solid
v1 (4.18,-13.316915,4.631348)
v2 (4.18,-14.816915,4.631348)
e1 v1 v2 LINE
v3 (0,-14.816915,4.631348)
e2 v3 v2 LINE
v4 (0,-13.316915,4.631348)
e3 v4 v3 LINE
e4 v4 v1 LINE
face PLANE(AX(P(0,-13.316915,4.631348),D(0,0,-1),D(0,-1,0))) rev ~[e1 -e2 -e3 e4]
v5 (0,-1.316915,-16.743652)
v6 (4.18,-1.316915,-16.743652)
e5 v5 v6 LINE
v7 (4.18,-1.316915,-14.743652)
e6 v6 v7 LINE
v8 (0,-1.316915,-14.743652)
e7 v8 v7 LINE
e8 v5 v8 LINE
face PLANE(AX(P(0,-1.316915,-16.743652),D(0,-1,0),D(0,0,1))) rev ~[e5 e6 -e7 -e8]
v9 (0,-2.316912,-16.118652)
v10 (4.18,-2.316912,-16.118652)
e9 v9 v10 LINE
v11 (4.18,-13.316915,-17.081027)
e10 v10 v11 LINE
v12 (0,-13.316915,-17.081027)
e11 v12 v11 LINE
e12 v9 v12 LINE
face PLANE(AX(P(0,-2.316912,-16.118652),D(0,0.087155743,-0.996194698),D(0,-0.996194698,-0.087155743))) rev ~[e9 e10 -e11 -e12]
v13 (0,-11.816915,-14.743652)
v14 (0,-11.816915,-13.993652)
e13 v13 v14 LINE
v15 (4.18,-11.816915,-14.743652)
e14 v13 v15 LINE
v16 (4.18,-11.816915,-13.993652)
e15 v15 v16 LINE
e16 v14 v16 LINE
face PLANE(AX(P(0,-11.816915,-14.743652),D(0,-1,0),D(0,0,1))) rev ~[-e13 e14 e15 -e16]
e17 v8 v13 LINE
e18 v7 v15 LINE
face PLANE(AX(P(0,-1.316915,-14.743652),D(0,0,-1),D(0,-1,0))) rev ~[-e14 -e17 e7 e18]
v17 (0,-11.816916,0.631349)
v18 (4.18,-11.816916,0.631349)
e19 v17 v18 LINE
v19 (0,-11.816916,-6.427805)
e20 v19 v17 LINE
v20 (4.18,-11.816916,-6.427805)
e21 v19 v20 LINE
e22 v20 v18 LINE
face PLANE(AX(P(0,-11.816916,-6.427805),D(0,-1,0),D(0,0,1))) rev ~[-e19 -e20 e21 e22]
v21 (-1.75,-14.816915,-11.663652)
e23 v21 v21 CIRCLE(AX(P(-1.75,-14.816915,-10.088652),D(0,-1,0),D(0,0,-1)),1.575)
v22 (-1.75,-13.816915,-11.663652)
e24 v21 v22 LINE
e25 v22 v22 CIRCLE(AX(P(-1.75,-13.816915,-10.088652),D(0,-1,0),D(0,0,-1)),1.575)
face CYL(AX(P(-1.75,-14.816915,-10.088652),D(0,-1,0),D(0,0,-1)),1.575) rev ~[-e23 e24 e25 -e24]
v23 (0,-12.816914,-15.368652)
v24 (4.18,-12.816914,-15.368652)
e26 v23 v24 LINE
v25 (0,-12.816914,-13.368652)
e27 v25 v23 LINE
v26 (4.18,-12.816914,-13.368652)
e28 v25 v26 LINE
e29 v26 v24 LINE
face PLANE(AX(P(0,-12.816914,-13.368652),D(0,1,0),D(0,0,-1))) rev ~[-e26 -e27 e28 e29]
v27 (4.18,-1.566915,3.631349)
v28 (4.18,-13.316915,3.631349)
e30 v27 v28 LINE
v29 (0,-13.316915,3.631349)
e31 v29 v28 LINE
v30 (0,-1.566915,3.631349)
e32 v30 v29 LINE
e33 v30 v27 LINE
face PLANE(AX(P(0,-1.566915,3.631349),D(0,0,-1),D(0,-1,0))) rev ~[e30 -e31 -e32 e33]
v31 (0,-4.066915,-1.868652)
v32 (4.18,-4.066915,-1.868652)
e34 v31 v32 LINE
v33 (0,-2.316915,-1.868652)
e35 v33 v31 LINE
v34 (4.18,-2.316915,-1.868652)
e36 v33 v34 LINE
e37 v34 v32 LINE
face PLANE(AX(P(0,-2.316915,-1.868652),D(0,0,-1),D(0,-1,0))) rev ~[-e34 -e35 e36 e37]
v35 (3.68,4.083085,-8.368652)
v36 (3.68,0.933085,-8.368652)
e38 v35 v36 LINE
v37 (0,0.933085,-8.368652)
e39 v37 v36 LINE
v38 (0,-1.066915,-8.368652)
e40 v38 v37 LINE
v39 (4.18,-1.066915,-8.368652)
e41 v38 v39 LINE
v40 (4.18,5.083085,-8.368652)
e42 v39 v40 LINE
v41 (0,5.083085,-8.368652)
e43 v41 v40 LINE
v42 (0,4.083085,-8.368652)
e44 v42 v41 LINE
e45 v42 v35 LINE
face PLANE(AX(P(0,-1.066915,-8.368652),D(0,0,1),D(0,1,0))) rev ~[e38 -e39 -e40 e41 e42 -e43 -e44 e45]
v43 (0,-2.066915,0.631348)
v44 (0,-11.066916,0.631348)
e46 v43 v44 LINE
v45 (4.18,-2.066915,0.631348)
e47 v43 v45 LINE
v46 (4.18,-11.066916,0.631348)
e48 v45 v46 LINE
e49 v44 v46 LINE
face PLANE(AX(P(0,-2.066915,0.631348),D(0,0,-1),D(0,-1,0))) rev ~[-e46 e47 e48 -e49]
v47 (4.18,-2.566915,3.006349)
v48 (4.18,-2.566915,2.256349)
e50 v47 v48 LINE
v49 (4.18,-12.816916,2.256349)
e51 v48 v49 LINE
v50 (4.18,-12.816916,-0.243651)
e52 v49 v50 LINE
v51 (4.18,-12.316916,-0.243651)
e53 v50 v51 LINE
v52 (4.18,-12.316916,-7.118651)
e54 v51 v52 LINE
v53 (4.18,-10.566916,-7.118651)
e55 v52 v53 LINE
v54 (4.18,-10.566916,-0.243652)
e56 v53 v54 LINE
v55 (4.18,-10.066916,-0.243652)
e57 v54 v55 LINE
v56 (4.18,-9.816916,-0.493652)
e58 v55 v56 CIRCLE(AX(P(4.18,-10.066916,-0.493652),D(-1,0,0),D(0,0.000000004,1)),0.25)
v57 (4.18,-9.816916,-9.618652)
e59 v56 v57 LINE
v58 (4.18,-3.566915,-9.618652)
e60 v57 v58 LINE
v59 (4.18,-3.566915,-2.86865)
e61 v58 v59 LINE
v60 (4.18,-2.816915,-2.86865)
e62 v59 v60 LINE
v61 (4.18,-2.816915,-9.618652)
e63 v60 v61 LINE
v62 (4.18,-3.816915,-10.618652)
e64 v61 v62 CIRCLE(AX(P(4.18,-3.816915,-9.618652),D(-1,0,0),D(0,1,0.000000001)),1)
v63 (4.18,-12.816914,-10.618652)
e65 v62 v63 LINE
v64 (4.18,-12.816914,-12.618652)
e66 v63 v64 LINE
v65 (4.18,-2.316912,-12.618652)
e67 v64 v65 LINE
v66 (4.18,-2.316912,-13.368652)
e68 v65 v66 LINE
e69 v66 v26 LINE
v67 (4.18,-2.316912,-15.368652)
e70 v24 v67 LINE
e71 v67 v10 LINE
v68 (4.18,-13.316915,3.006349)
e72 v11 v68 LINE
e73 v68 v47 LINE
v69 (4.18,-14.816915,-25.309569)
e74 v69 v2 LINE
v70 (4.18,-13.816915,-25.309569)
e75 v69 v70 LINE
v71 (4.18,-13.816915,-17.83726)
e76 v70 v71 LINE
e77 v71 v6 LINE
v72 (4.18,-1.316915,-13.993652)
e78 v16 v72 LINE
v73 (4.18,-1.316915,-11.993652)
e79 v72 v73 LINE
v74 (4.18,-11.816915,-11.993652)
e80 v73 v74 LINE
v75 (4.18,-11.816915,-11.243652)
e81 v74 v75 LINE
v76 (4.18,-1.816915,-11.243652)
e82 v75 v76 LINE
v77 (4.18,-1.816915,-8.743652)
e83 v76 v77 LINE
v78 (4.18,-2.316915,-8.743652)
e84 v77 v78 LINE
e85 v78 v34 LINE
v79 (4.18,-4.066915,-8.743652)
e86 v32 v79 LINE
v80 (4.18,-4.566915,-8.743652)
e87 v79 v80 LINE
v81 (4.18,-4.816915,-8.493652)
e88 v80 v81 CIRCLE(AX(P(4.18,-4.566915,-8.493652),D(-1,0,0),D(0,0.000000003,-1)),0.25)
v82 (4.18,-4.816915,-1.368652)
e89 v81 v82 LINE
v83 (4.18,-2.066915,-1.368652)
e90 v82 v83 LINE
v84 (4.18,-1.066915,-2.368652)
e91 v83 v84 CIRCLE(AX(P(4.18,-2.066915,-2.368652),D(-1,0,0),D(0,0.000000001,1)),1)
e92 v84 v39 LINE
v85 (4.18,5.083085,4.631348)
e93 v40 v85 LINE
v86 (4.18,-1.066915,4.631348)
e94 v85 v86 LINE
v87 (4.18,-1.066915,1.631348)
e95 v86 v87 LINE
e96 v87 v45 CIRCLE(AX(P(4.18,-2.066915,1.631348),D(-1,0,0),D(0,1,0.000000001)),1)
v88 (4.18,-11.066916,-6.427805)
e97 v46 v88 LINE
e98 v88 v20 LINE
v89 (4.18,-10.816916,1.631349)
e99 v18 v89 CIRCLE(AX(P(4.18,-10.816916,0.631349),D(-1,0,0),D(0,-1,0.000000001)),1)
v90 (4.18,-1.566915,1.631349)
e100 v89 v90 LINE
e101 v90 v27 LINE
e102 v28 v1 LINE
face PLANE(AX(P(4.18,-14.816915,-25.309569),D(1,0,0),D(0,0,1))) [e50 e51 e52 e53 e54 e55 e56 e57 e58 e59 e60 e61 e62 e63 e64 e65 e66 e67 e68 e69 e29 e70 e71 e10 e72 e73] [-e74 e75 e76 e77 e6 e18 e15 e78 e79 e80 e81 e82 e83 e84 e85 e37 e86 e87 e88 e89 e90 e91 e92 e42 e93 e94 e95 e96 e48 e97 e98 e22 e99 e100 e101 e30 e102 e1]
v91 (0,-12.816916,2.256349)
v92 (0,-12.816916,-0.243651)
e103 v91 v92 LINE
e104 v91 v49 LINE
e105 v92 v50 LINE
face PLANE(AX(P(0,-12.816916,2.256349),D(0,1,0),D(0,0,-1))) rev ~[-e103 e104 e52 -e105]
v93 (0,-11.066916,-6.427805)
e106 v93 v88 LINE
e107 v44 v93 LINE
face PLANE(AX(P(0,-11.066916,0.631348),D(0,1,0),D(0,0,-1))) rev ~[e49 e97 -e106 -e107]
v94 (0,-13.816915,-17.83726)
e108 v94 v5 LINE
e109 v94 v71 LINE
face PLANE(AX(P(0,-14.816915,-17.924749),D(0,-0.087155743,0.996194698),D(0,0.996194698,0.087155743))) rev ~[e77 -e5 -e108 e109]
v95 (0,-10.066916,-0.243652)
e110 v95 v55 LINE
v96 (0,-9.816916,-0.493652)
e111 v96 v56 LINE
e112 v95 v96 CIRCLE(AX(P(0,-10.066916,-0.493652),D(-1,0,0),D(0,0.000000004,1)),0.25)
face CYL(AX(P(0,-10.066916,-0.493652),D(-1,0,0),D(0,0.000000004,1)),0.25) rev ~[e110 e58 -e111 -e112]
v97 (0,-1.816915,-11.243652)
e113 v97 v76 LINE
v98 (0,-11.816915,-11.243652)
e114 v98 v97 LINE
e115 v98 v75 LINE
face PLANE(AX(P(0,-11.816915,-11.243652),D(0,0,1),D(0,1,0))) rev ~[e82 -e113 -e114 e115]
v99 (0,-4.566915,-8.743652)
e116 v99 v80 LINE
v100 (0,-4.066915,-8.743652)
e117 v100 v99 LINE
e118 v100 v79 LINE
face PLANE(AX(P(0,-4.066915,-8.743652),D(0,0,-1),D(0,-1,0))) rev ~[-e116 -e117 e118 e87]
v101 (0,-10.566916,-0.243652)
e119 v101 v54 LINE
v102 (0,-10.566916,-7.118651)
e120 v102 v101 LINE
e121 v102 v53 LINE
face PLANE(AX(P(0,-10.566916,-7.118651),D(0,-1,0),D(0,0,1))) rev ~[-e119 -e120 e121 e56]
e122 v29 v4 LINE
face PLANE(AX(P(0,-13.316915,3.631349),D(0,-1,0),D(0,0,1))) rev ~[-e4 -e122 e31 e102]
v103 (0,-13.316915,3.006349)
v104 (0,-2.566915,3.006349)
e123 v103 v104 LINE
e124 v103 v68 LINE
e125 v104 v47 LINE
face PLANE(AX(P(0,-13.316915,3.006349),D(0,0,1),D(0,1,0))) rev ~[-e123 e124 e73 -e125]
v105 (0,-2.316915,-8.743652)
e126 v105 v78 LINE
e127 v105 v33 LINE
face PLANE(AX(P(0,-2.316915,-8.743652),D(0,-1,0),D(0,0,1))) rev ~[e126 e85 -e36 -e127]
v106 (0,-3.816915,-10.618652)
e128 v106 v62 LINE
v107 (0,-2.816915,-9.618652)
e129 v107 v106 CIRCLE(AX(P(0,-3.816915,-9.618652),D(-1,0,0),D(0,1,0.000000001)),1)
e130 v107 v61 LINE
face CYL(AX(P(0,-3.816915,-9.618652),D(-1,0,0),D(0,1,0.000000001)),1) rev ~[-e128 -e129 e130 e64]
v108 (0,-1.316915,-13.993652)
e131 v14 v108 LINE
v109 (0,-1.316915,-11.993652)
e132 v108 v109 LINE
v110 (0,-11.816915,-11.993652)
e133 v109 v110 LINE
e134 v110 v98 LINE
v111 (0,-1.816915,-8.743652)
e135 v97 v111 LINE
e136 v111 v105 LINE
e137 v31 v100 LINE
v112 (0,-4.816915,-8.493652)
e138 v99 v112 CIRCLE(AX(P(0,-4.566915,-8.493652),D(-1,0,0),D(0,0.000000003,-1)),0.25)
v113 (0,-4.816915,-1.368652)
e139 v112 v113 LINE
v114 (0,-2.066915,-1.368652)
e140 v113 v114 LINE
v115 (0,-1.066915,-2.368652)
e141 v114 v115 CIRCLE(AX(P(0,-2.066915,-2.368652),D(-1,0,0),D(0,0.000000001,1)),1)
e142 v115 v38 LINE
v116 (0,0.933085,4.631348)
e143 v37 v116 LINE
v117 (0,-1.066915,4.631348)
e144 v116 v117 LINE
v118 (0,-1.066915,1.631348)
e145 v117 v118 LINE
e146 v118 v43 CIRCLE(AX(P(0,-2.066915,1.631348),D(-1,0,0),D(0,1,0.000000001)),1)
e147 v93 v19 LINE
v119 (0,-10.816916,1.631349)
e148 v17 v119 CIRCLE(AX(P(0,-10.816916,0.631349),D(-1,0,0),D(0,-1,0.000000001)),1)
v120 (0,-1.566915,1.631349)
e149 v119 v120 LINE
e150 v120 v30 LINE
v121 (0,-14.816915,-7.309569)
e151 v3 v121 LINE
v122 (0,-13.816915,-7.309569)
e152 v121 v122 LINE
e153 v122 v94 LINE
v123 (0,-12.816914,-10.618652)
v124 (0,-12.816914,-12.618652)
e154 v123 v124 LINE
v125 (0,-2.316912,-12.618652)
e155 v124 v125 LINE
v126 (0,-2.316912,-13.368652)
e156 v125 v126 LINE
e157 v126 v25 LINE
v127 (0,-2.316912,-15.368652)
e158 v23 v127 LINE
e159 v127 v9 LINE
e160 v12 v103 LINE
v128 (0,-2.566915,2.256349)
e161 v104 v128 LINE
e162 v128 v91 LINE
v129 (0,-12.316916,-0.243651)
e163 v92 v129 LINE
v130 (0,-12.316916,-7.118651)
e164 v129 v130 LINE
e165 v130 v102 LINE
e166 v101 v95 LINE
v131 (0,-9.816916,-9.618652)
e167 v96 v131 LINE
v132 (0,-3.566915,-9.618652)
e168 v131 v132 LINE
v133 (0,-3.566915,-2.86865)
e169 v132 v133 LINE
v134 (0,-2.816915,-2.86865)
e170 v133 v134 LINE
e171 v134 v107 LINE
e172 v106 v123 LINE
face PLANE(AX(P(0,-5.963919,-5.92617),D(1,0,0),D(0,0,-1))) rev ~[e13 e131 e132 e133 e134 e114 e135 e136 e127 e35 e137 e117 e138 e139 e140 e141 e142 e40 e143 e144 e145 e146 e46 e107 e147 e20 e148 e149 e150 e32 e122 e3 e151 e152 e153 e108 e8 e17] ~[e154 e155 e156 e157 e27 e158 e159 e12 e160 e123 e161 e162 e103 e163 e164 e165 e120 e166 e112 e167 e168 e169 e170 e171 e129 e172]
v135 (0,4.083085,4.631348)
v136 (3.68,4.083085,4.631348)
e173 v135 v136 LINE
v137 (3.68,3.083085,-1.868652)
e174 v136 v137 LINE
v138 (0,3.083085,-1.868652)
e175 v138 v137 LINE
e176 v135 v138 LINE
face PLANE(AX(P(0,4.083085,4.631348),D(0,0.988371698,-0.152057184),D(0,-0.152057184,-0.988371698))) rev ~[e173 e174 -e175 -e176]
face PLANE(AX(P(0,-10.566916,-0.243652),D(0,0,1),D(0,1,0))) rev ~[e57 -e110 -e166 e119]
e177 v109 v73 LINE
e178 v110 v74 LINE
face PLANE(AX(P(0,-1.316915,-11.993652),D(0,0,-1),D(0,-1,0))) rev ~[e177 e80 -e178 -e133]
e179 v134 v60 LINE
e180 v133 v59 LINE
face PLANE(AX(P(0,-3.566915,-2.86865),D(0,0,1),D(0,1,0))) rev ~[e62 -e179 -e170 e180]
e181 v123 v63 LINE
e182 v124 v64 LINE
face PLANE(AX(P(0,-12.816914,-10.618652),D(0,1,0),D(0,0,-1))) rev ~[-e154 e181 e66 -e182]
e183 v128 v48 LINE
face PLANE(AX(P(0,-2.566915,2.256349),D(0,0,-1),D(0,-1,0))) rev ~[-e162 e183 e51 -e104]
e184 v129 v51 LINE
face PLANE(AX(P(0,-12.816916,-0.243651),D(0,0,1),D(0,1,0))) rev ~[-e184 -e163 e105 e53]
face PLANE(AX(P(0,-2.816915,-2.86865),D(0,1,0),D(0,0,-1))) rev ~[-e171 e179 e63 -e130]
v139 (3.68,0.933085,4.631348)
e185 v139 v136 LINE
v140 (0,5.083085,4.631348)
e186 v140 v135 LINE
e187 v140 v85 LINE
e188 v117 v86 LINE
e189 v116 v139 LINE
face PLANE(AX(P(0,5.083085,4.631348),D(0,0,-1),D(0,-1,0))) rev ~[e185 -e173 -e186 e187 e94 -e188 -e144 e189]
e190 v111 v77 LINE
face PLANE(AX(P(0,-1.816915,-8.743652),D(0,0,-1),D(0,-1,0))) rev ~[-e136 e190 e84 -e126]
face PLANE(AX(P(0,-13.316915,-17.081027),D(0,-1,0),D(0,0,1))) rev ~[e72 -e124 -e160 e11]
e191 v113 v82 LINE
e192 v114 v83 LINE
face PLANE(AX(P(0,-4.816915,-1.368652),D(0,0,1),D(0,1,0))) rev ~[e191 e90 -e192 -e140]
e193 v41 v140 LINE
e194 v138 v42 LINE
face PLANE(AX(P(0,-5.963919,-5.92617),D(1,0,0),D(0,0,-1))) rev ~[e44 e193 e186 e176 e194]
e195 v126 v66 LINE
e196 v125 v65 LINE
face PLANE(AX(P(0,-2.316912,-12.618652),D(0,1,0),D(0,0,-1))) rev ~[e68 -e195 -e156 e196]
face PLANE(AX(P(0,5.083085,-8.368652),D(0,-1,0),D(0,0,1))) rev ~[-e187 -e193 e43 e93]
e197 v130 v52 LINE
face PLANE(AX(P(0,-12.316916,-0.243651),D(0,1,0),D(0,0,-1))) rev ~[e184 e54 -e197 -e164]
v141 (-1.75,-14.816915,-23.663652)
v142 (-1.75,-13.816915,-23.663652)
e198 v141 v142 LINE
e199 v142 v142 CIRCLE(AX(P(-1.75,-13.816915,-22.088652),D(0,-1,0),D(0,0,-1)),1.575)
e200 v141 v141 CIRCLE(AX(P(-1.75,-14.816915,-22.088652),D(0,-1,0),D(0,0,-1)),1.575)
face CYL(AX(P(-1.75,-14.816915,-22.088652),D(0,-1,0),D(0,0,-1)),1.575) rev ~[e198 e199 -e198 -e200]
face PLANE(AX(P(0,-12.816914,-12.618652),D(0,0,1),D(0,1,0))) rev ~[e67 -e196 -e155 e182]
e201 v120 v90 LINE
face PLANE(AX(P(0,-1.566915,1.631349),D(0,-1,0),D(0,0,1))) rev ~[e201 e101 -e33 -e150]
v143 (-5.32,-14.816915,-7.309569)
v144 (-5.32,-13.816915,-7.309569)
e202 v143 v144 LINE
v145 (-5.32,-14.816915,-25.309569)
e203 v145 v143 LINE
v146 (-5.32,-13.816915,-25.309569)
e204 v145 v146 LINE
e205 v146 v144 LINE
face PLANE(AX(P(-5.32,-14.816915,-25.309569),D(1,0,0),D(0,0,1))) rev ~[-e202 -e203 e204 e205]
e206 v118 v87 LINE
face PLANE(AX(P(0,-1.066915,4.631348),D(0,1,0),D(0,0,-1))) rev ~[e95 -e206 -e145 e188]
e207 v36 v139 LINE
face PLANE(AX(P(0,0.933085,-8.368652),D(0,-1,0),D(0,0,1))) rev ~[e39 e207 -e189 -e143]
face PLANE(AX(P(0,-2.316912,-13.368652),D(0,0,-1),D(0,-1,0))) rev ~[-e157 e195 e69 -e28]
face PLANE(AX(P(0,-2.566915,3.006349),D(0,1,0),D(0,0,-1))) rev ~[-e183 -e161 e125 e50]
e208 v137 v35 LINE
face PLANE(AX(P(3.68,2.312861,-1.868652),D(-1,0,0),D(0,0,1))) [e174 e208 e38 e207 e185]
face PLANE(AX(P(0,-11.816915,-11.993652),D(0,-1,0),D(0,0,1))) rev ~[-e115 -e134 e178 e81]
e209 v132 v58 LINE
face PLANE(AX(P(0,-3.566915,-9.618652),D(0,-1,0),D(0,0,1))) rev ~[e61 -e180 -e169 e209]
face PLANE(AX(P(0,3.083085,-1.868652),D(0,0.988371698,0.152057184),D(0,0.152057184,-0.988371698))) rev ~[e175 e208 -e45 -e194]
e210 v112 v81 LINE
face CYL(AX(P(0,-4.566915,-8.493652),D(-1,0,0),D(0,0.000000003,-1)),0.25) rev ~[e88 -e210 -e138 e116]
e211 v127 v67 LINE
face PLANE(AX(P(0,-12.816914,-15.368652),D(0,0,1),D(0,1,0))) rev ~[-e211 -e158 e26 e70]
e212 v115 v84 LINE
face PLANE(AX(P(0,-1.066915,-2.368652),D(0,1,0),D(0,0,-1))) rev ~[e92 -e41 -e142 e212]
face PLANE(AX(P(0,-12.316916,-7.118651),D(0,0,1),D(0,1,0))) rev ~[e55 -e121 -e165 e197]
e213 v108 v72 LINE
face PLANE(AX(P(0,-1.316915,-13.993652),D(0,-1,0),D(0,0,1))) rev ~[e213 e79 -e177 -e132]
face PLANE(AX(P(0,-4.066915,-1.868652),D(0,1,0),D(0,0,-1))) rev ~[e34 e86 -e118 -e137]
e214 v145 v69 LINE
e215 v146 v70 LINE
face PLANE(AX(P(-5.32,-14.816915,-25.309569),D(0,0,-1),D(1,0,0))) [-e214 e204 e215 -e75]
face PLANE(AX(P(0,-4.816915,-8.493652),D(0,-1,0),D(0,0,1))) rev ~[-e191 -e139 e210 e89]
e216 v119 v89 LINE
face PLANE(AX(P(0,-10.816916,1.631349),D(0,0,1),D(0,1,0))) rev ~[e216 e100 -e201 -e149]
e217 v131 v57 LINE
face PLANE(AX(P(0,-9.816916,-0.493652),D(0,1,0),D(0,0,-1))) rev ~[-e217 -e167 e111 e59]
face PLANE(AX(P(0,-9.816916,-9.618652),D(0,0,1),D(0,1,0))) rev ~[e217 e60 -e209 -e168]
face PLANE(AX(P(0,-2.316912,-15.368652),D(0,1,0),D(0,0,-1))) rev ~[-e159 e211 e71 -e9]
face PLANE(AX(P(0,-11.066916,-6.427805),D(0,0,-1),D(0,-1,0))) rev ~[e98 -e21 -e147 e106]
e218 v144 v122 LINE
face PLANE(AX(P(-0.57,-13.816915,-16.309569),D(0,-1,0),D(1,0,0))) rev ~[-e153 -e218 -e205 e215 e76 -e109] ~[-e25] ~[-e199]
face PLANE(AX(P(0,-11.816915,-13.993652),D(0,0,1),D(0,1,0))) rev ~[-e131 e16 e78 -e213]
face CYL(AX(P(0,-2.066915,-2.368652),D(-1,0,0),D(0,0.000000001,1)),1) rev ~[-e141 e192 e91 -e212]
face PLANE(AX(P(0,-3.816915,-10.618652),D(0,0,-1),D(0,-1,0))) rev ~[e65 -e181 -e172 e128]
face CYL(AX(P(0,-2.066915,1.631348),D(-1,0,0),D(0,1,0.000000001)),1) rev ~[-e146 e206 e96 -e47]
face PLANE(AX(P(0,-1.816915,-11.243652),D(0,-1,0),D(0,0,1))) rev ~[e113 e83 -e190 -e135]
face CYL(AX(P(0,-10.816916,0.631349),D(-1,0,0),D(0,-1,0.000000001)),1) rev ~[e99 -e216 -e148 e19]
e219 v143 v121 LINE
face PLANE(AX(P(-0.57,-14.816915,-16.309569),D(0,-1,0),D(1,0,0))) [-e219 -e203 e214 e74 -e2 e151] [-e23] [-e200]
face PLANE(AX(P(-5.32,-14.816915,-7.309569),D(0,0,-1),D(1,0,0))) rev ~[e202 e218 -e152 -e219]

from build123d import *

# Parameters (mm, degrees)
FLEXURE_BOSS_DEPTH            = 4.18
SKETCH2_W                     = 9.5
SKETCH2_H                     = 18
SKETCH2_R                     = 1.575
MOUNTING_PLATE_BOSS_DEPTH     = 1
DOVETAIL_CONNECTION_CUT_DEPTH = 3.68


with BuildPart() as part:
    # Sketch1 → Flexure Boss (new body)
    with BuildSketch(Plane(origin=(0, 0, 0), x_dir=(0, 0, -1), z_dir=(1, 0, 0))):
        with BuildLine():
            Line((2.368651747, -1.066915143), (8.368651984, -1.066915143))
            Line((8.368651984, -1.066915143), (8.368651984, 5.083084857))
            Line((8.368651984, 5.083084857), (-4.631348016, 5.083084857))
            Line((-4.631348016, 5.083084857), (-4.631348016, -1.066915143))
            Line((-4.631348016, -1.066915143), (-1.631348253, -1.066915143))
            ThreePointArc((-1.631348253, -1.066915143), (-0.924241471, -1.359808362), (-0.631348253, -2.066915143))
            Line((-0.631348253, -2.066915143), (-0.631348253, -11.066916497))
            Line((-0.631348253, -11.066916497), (6.427805299, -11.066916497))
            Line((6.427805299, -11.066916497), (6.427805299, -11.816916497))
            Line((6.427805299, -11.816916497), (-0.63134937, -11.816916497))
            ThreePointArc((-0.63134937, -11.816916497), (-1.338456151, -11.524023278), (-1.63134937, -10.816916497))
            Line((-1.63134937, -10.816916497), (-1.63134937, -1.566915143))
            Line((-1.63134937, -1.566915143), (-3.63134937, -1.566915143))
            Line((-3.63134937, -1.566915143), (-3.63134937, -13.316915143))
            Line((-3.63134937, -13.316915143), (-4.631348016, -13.316915143))
            Line((-4.631348016, -13.316915143), (-4.631348016, -14.816915143))
            Line((-4.631348016, -14.816915143), (17.924748705, -14.816915143))
            Line((17.924748705, -14.816915143), (16.743651747, -1.316915143))
            Line((16.743651747, -1.316915143), (14.743651747, -1.316915143))
            Line((14.743651747, -1.316915143), (14.743651747, -11.816915143))
            Line((14.743651747, -11.816915143), (13.993651747, -11.816915143))
            Line((13.993651747, -11.816915143), (13.993651747, -1.316915143))
            Line((13.993651747, -1.316915143), (11.993651747, -1.316915143))
            Line((11.993651747, -1.316915143), (11.993651747, -11.816915143))
            Line((11.993651747, -11.816915143), (11.243651747, -11.816915143))
            Line((11.243651747, -11.816915143), (11.243651747, -1.816915143))
            Line((11.243651747, -1.816915143), (8.743651747, -1.816915143))
            Line((8.743651747, -1.816915143), (8.743651747, -2.316915143))
            Line((8.743651747, -2.316915143), (1.868651747, -2.316915143))
            Line((1.868651747, -2.316915143), (1.868651747, -4.066915143))
            Line((1.868651747, -4.066915143), (8.743651747, -4.066915143))
            Line((8.743651747, -4.066915143), (8.743651747, -4.566915143))
            ThreePointArc((8.743651747, -4.566915143), (8.670428443, -4.743691838), (8.493651747, -4.816915143))
            Line((8.493651747, -4.816915143), (1.368651747, -4.816915143))
            Line((1.368651747, -4.816915143), (1.368651747, -2.066915143))
            ThreePointArc((1.368651747, -2.066915143), (1.661544966, -1.359808362), (2.368651747, -1.066915143))
        make_face()
        with BuildLine():
            Line((0.493651747, -9.816916497), (9.618651747, -9.816916497))
            Line((9.618651747, -9.816916497), (9.618651747, -3.566915143))
            Line((9.618651747, -3.566915143), (2.868650393, -3.566915143))
            Line((2.868650393, -3.566915143), (2.868650393, -2.816915143))
            Line((2.868650393, -2.816915143), (9.618651747, -2.816915143))
            ThreePointArc((9.618651747, -2.816915143), (10.325758529, -3.109808362), (10.618651747, -3.816915143))
            Line((10.618651747, -3.816915143), (10.618651747, -12.816913789))
            Line((10.618651747, -12.816913789), (12.618651747, -12.816913789))
            Line((12.618651747, -12.816913789), (12.618651747, -2.316912435))
            Line((12.618651747, -2.316912435), (13.368651747, -2.316912435))
            Line((13.368651747, -2.316912435), (13.368651747, -12.816913789))
            Line((13.368651747, -12.816913789), (15.368651747, -12.816913789))
            Line((15.368651747, -12.816913789), (15.368651747, -2.316912435))
            Line((15.368651747, -2.316912435), (16.118651747, -2.316912435))
            Line((16.118651747, -2.316912435), (17.081027283, -13.316915143))
            Line((17.081027283, -13.316915143), (-3.00634937, -13.316915143))
            Line((-3.00634937, -13.316915143), (-3.00634937, -2.566915143))
            Line((-3.00634937, -2.566915143), (-2.25634937, -2.566915143))
            Line((-2.25634937, -2.566915143), (-2.25634937, -12.816916497))
            Line((-2.25634937, -12.816916497), (0.24365063, -12.816916497))
            Line((0.24365063, -12.816916497), (0.24365063, -12.316916497))
            Line((0.24365063, -12.316916497), (7.11865063, -12.316916497))
            Line((7.11865063, -12.316916497), (7.11865063, -10.566916497))
            Line((7.11865063, -10.566916497), (0.243651747, -10.566916497))
            Line((0.243651747, -10.566916497), (0.243651747, -10.066916497))
            ThreePointArc((0.243651747, -10.066916497), (0.316875052, -9.890139802), (0.493651747, -9.816916497))
        make_face(mode=Mode.SUBTRACT)
    extrude(amount=FLEXURE_BOSS_DEPTH)

    # Sketch2 → Mounting Plate Boss (add)
    with BuildSketch(Plane.XZ.offset(14.816915143)):
        with Locations((-0.57, -16.309568548)):
            Rectangle(SKETCH2_W, SKETCH2_H)
        with Locations(Location((-1.75, -10.088651984, 0), (0, 0, 270))):
            Circle(SKETCH2_R, mode=Mode.SUBTRACT)
        with Locations(Location((-1.75, -22.088651984, 0), (0, 0, 270))):
            Circle(SKETCH2_R, mode=Mode.SUBTRACT)
    extrude(amount=-MOUNTING_PLATE_BOSS_DEPTH)

    # Sketch7 → Dovetail Connection Cut (cut)
    with BuildSketch(Plane.ZY):
        Polygon((-8.368651984, 0.933084857), (4.631348016, 0.933084857), (4.631348016, 4.083084857), (-1.868651984, 3.083084857), (-8.368651984, 4.083084857), align=None)
    extrude(amount=-DOVETAIL_CONNECTION_CUT_DEPTH, mode=Mode.SUBTRACT)


solid = part.part
